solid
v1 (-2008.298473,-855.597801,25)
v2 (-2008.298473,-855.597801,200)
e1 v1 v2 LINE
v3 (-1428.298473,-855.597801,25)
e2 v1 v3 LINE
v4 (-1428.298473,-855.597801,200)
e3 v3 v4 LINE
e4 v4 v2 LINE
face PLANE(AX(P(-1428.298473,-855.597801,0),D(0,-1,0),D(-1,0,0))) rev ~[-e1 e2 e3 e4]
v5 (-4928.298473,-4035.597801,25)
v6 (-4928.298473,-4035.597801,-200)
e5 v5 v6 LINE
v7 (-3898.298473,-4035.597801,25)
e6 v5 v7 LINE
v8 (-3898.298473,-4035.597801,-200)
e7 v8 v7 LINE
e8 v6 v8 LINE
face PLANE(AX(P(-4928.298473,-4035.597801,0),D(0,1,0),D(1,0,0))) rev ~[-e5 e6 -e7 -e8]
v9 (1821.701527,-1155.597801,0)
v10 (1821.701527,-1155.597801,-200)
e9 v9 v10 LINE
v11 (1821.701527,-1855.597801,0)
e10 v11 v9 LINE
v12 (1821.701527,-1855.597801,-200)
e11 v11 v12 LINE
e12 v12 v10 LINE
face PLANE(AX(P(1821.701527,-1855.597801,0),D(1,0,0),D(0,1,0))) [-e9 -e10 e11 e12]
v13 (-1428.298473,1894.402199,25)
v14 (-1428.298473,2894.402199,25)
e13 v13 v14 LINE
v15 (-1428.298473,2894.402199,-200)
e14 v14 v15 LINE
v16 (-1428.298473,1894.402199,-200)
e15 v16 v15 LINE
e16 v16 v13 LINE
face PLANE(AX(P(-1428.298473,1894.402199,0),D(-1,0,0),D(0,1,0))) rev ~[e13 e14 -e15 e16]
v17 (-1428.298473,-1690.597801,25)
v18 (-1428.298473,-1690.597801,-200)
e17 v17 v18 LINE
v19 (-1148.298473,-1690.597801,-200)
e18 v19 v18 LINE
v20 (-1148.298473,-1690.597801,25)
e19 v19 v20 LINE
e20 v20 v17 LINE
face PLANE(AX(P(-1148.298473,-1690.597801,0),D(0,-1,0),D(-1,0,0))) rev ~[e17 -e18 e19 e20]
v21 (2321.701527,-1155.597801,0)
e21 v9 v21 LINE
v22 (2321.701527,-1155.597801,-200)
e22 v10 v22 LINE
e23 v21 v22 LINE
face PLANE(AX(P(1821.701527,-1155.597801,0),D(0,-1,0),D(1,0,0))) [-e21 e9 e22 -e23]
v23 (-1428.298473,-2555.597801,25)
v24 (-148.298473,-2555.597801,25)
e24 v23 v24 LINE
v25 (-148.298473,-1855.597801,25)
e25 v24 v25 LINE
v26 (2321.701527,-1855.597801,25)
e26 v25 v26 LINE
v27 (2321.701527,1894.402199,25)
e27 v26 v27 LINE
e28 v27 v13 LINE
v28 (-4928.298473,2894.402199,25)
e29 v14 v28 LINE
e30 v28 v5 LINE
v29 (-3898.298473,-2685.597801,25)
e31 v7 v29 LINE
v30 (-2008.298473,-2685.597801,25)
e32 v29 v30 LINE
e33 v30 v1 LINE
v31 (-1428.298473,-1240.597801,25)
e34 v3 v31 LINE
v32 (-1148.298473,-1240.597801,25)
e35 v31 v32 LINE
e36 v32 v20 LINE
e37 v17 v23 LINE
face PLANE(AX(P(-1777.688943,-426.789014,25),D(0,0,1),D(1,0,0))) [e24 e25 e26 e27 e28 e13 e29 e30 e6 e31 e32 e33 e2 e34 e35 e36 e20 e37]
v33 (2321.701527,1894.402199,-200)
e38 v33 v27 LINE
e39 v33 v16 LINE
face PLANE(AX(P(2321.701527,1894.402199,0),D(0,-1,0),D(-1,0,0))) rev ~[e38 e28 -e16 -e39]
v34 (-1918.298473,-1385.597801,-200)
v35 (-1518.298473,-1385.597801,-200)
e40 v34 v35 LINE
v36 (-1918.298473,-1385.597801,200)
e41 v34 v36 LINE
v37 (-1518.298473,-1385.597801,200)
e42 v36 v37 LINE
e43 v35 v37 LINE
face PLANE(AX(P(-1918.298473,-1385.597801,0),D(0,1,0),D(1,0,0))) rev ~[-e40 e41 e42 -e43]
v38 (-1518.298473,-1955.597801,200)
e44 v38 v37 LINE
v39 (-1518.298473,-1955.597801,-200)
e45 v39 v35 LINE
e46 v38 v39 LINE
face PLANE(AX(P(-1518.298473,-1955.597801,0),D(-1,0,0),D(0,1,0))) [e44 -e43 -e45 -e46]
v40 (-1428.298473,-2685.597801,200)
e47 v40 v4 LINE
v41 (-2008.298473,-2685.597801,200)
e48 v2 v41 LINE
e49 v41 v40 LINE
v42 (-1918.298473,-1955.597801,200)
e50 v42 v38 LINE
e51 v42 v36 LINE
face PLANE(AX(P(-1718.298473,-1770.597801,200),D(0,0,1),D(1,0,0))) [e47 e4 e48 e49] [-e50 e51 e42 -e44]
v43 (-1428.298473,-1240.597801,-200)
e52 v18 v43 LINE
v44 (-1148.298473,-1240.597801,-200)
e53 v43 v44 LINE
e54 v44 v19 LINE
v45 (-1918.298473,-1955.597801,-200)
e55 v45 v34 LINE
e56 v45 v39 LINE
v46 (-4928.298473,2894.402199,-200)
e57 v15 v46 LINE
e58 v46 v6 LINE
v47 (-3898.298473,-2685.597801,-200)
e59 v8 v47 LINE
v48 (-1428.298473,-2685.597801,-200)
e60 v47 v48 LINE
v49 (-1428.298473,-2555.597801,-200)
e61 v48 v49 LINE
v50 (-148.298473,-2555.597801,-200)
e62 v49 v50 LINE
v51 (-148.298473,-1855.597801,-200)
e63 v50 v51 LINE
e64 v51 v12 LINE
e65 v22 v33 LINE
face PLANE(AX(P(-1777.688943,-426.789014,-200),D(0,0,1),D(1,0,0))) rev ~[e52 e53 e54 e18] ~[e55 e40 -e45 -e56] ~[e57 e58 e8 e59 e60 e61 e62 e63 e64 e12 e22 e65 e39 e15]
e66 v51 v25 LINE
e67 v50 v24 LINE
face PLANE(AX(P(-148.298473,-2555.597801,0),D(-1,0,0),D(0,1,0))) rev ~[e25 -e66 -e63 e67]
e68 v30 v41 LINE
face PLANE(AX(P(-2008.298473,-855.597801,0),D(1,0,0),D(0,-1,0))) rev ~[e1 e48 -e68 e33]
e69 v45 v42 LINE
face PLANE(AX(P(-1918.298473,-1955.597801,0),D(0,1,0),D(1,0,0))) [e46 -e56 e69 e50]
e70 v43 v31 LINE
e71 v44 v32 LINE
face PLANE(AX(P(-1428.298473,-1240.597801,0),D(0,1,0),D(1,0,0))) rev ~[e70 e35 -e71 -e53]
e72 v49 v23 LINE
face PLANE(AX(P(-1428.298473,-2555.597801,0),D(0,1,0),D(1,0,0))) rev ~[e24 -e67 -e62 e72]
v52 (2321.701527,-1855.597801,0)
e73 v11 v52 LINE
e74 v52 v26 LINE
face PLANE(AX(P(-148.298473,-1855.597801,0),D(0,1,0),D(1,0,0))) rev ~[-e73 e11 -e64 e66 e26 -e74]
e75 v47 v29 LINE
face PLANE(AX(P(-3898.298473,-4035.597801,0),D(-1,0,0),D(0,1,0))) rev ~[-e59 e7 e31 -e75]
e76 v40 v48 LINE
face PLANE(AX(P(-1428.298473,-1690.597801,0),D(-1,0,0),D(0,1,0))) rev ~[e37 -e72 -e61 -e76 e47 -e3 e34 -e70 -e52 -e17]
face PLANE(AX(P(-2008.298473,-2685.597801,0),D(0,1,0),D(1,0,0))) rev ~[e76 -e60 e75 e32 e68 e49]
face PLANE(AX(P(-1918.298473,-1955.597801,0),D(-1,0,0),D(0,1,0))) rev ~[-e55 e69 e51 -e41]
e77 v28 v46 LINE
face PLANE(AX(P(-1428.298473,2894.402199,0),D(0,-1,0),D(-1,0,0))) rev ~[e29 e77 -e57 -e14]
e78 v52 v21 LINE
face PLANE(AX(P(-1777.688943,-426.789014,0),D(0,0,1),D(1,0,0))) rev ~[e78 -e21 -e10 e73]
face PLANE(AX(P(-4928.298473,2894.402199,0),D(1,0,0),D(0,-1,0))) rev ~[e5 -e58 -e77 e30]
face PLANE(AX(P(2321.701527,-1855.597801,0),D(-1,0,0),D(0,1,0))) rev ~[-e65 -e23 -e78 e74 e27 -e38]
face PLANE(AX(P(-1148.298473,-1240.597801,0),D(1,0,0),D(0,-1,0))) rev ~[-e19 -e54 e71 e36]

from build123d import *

# Parameters (mm, degrees)
F0_W     = 400
F0_H     = 570
F0_W_2   = 940
F0_H_2   = 780
F1_DEPTH = 200
F0_W_3   = 500
F0_H_3   = 700
F2_DEPTH = 25
F3_DEPTH = 200


with BuildPart() as f1:
    # F0 (on Top) → F1 (new body)
    with BuildSketch(Plane.XY):
        Polygon((-4928.298473, -2685.597801), (-4928.298473, -4035.597801), (-3898.298473, -4035.597801), (-3898.298473, -2685.597801), (-2008.298473, -2685.597801), (-2008.298473, -855.597801), (-1428.298473, -855.597801), (-1428.298473, -1155.597801), (-1428.298473, -1240.597801), (-1148.298473, -1240.597801), (-1148.298473, -1690.597801), (-1428.298473, -1690.597801), (-1428.298473, -1775.597801), (-488.298473, -1775.597801), (-488.298473, -2555.597801), (-148.298473, -2555.597801), (-148.298473, -1855.597801), (1821.701527, -1855.597801), (1821.701527, -1155.597801), (2321.701527, -1155.597801), (2321.701527, -235.597801), (2321.701527, 1014.402199), (2321.701527, 1894.402199), (791.701527, 1894.402199), (-468.298473, 1894.402199), (-1428.298473, 1894.402199), (-1428.298473, 2894.402199), (-4928.298473, 2894.402199), (-4928.298473, 444.402199), align=None)
        Polygon((-2008.298473, -855.597801), (-2008.298473, -2685.597801), (-1428.298473, -2685.597801), (-1428.298473, -2555.597801), (-1428.298473, -1775.597801), (-1428.298473, -1690.597801), (-1428.298473, -1240.597801), (-1428.298473, -1155.597801), (-1428.298473, -855.597801), align=None)
        with Locations((-1718.298473, -1670.597801)):
            Rectangle(F0_W, F0_H, mode=Mode.SUBTRACT)
        with Locations((-958.298473, -2165.597801)):
            Rectangle(F0_W_2, F0_H_2)
    extrude(amount=-F1_DEPTH)

    # F0 (on Top) → F2 (join)
    with BuildSketch(Plane.XY):
        Polygon((-4928.298473, -2685.597801), (-4928.298473, -4035.597801), (-3898.298473, -4035.597801), (-3898.298473, -2685.597801), (-2008.298473, -2685.597801), (-2008.298473, -855.597801), (-1428.298473, -855.597801), (-1428.298473, -1155.597801), (-1428.298473, -1240.597801), (-1148.298473, -1240.597801), (-1148.298473, -1690.597801), (-1428.298473, -1690.597801), (-1428.298473, -1775.597801), (-488.298473, -1775.597801), (-488.298473, -2555.597801), (-148.298473, -2555.597801), (-148.298473, -1855.597801), (1821.701527, -1855.597801), (1821.701527, -1155.597801), (2321.701527, -1155.597801), (2321.701527, -235.597801), (2321.701527, 1014.402199), (2321.701527, 1894.402199), (791.701527, 1894.402199), (-468.298473, 1894.402199), (-1428.298473, 1894.402199), (-1428.298473, 2894.402199), (-4928.298473, 2894.402199), (-4928.298473, 444.402199), align=None)
        Polygon((-2008.298473, -855.597801), (-2008.298473, -2685.597801), (-1428.298473, -2685.597801), (-1428.298473, -2555.597801), (-1428.298473, -1775.597801), (-1428.298473, -1690.597801), (-1428.298473, -1240.597801), (-1428.298473, -1155.597801), (-1428.298473, -855.597801), align=None)
        with Locations((-1718.298473, -1670.597801)):
            Rectangle(F0_W, F0_H, mode=Mode.SUBTRACT)
        with Locations((-958.298473, -2165.597801)):
            Rectangle(F0_W_2, F0_H_2)
        with Locations((2071.701527, -1505.597801)):
            Rectangle(F0_W_3, F0_H_3)
    extrude(amount=F2_DEPTH)

    # F0 (on Top) → F3 (join)
    with BuildSketch(Plane.XY):
        Polygon((-2008.298473, -855.597801), (-2008.298473, -2685.597801), (-1428.298473, -2685.597801), (-1428.298473, -2555.597801), (-1428.298473, -1775.597801), (-1428.298473, -1690.597801), (-1428.298473, -1240.597801), (-1428.298473, -1155.597801), (-1428.298473, -855.597801), align=None)
        with Locations((-1718.298473, -1670.597801)):
            Rectangle(F0_W, F0_H, mode=Mode.SUBTRACT)
    extrude(amount=F3_DEPTH)


solid = f1.part
